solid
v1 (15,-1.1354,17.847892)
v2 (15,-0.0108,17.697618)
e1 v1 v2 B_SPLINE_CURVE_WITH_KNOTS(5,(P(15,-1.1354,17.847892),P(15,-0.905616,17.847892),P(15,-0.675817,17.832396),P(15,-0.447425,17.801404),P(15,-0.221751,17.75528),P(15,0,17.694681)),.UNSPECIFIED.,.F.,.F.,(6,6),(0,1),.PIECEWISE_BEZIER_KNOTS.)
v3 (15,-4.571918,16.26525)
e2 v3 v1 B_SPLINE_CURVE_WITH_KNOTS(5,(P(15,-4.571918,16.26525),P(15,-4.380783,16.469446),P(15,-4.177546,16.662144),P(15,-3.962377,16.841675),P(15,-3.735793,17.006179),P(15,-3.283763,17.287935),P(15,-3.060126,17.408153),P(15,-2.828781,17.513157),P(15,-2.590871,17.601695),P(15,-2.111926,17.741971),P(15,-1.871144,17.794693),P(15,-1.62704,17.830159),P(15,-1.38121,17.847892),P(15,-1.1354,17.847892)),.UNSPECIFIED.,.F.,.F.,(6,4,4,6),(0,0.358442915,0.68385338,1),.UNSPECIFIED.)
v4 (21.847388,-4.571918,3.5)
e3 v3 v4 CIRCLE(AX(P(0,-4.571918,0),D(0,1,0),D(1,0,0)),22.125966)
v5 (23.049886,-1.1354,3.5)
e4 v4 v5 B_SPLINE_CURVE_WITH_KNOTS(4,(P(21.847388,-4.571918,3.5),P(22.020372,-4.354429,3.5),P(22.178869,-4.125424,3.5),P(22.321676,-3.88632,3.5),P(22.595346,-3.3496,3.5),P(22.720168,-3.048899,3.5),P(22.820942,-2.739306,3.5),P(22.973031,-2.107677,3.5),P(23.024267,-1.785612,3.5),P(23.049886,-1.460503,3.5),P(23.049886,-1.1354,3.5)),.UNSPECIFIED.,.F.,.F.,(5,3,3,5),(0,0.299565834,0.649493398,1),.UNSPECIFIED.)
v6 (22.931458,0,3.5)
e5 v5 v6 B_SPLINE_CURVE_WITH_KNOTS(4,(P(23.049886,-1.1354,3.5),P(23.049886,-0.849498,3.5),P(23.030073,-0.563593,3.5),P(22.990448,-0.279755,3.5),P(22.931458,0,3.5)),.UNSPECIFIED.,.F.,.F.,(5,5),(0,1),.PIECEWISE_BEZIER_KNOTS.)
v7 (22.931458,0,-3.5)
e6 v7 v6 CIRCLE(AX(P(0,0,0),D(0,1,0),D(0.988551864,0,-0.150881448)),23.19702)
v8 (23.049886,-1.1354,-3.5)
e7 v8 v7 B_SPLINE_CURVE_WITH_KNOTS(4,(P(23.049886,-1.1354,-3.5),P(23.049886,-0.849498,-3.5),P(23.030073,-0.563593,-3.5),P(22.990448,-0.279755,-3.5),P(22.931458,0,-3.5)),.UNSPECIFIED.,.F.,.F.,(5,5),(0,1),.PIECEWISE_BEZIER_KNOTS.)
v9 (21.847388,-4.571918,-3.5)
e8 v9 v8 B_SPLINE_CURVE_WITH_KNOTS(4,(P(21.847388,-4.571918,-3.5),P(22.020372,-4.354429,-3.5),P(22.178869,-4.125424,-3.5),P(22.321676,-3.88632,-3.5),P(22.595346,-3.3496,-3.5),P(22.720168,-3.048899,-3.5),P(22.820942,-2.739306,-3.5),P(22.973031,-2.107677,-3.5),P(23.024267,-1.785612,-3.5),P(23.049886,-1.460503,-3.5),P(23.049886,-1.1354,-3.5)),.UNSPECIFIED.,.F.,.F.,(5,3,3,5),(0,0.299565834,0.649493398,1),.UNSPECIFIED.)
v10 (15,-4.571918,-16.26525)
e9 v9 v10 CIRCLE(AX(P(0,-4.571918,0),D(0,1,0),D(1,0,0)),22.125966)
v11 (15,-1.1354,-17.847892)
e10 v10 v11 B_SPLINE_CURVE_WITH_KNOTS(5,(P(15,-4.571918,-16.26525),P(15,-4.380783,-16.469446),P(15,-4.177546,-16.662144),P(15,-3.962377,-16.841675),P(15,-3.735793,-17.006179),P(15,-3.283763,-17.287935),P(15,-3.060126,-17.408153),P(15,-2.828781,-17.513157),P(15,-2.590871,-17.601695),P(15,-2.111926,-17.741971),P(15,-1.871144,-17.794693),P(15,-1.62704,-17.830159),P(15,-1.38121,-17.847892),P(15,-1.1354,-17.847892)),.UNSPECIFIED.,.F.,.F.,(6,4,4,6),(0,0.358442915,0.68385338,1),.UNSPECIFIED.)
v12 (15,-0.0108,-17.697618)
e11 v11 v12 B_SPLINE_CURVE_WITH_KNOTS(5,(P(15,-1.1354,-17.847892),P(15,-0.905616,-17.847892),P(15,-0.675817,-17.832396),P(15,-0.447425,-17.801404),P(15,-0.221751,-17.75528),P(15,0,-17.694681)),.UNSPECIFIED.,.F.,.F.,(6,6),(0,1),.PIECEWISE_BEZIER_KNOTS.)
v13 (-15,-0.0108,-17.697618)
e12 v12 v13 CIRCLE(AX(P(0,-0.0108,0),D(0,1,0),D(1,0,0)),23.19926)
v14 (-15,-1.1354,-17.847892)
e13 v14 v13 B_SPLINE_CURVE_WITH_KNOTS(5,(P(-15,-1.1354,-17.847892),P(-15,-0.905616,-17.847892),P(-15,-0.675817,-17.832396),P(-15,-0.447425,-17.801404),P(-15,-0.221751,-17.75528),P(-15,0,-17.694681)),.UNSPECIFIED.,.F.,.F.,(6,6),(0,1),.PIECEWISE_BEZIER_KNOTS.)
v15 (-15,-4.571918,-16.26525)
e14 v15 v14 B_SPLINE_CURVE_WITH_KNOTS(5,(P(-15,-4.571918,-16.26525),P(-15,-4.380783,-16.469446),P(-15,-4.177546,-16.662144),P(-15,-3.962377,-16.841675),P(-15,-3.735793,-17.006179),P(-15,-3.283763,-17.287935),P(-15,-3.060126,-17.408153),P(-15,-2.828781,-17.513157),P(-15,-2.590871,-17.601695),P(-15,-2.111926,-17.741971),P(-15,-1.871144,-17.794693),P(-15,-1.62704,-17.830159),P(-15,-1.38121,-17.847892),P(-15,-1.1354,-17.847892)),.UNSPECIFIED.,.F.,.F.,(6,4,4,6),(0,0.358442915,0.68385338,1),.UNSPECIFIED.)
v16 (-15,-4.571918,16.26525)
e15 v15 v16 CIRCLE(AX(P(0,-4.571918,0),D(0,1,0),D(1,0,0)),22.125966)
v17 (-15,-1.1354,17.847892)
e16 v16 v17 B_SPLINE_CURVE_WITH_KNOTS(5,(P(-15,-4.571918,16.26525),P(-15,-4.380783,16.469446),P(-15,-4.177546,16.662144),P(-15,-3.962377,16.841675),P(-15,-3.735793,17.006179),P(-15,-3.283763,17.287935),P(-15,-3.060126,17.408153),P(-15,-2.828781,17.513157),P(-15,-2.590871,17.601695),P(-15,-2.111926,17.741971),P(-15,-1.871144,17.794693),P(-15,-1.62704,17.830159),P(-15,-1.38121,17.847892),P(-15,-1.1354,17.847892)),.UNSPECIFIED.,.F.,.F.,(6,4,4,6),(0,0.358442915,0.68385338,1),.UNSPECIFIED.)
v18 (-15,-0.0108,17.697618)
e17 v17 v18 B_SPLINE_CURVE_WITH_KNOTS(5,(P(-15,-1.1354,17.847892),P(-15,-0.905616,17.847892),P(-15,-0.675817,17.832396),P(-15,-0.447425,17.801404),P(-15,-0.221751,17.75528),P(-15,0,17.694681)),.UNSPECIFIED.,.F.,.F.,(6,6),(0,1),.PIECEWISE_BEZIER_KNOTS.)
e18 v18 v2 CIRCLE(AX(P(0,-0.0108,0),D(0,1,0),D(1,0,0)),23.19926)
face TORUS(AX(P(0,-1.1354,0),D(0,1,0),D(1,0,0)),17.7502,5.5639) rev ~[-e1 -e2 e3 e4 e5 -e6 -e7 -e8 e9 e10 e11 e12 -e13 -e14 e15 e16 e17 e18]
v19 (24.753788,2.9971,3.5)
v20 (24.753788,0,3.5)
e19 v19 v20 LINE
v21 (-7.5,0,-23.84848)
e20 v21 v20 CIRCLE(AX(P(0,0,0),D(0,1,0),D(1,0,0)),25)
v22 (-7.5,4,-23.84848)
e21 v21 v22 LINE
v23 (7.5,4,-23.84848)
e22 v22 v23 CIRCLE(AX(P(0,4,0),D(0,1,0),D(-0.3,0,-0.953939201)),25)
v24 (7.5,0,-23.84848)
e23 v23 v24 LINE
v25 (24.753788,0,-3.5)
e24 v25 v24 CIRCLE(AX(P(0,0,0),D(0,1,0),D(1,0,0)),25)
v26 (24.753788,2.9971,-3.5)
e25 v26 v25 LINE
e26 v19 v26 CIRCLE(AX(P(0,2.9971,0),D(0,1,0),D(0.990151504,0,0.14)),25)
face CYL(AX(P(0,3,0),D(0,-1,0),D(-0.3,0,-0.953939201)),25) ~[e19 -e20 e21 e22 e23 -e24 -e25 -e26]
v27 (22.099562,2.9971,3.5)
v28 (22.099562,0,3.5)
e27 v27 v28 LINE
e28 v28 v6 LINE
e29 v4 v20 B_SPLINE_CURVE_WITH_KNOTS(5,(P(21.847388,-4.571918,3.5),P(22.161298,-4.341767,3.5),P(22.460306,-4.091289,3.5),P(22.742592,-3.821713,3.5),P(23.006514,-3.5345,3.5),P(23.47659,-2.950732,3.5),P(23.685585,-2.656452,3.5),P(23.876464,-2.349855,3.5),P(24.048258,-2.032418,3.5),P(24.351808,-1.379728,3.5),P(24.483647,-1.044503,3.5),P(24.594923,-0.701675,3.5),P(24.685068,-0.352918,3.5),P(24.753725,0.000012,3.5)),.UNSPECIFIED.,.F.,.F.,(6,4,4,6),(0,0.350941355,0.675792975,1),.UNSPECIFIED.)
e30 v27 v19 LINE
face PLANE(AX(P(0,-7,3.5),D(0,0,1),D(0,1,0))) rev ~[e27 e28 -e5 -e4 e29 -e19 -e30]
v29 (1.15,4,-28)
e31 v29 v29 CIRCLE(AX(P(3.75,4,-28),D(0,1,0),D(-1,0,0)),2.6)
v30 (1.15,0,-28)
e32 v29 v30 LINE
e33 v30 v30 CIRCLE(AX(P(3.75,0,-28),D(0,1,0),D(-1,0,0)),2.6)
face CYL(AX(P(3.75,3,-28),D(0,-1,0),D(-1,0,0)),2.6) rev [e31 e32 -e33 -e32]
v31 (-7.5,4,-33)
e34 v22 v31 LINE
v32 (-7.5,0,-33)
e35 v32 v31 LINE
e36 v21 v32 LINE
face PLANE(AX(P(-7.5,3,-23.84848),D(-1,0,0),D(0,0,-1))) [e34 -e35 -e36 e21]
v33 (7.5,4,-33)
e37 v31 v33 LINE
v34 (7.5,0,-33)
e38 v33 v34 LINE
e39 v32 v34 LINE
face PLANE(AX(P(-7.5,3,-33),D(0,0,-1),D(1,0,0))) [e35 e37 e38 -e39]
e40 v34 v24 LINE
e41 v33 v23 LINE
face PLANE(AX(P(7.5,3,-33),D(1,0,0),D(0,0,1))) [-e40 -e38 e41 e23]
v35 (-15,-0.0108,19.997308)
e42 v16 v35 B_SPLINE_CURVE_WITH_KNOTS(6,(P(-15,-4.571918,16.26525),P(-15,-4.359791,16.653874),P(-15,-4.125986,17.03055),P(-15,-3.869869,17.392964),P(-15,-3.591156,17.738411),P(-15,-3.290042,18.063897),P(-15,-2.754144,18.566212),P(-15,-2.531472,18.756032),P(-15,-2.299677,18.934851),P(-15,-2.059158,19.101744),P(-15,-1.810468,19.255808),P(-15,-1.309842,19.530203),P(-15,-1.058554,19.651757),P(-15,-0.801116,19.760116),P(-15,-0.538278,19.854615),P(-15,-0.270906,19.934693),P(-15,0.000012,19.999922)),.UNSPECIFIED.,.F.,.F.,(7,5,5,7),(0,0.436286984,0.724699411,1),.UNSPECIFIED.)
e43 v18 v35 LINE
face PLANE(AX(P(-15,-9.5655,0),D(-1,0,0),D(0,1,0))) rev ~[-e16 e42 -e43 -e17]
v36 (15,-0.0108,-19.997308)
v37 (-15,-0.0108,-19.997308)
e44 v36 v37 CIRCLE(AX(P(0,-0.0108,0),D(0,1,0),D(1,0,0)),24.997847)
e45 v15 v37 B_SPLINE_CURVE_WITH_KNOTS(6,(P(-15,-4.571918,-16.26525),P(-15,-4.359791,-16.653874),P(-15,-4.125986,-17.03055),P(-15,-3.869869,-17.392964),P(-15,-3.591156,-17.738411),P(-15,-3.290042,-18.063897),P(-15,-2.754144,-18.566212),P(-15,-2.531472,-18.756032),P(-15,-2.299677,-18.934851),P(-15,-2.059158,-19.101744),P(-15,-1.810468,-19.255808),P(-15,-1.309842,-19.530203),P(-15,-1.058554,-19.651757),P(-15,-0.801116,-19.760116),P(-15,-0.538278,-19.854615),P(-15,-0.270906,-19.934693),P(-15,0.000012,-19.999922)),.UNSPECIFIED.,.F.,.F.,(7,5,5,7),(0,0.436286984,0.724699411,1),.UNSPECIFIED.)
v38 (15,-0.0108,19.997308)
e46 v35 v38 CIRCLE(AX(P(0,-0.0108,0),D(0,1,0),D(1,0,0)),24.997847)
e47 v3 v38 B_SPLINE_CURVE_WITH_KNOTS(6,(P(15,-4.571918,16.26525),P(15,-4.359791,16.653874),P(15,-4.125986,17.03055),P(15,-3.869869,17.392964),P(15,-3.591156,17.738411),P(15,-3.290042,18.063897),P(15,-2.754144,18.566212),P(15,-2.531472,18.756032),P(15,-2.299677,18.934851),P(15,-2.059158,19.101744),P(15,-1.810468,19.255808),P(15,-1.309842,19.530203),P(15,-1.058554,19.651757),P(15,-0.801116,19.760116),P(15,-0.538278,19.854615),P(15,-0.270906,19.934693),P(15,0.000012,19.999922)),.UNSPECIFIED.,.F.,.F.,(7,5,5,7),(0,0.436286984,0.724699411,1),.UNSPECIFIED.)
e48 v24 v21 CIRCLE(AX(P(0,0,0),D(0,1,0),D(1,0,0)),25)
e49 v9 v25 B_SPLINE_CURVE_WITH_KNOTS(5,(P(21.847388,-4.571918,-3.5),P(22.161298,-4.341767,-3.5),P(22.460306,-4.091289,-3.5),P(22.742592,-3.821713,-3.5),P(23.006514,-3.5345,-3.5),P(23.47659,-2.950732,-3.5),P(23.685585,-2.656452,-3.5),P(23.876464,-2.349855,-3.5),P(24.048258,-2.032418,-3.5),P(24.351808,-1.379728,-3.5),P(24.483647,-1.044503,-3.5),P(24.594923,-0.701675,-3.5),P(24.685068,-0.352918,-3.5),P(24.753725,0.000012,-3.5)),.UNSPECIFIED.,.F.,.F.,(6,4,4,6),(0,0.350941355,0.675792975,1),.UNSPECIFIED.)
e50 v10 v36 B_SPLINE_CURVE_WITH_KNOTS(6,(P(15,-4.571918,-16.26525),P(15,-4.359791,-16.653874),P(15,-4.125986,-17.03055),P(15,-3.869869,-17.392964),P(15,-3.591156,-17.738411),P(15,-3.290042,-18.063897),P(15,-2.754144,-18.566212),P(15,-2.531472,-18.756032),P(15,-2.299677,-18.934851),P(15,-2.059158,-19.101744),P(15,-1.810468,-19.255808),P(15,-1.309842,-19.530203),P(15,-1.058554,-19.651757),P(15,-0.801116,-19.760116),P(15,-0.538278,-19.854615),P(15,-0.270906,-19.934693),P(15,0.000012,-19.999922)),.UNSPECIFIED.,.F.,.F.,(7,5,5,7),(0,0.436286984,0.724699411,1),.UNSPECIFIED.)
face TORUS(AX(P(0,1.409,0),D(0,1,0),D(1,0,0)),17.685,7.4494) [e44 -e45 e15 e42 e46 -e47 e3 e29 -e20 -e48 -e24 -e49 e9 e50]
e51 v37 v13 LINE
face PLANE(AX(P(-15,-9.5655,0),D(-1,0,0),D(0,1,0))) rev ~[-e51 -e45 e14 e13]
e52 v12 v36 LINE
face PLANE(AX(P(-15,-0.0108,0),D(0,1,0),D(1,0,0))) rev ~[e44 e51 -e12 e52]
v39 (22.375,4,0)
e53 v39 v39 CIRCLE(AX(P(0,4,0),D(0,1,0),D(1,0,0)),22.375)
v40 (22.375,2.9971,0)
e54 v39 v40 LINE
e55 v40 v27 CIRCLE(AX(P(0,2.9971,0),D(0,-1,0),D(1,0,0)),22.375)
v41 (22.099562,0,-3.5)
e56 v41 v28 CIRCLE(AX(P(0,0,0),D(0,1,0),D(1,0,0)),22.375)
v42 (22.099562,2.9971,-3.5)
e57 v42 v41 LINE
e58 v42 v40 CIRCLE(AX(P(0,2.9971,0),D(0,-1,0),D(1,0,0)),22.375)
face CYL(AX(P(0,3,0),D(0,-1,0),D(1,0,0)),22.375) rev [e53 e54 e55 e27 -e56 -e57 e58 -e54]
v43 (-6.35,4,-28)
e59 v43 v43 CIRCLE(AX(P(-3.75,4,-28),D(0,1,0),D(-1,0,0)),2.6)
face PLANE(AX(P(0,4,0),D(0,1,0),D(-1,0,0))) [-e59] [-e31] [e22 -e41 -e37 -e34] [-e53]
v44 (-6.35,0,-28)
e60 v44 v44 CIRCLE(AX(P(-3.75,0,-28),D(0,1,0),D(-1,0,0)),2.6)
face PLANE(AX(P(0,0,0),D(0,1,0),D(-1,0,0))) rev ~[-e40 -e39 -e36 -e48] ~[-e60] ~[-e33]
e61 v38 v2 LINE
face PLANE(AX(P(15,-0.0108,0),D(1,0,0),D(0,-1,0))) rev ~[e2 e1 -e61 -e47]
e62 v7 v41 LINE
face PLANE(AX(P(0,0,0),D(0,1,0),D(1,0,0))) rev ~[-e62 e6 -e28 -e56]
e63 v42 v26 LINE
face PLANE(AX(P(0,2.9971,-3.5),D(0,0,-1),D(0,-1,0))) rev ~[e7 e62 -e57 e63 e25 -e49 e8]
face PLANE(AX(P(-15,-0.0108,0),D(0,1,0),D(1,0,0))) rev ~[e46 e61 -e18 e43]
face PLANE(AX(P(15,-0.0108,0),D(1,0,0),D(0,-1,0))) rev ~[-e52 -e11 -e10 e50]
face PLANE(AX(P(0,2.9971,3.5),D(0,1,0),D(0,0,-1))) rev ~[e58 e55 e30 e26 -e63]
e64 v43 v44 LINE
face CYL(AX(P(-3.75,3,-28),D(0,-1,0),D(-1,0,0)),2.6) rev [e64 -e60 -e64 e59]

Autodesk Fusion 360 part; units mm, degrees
sketch "Sketch1" plane through (0, 0, 0) normal (0, 1, 0) x (1, 0, 0)
  circle A0 centre (0, 0) radius 22.375
  circle A1 centre (0, 0) radius 25
  dimension "d1" = 44.75
  dimension "d2" = 50
sketch "Sketch2" plane through (0, 0, 0) normal (0, 0, 1) x (1, 0, 0)
extrude "Extrude1" add sketch "Sketch1" along normal blind 3
sketch "Sketch3" plane through (0, 0, 0) normal (0, 0, 1) x (1, 0, 0)
  line L0 (18, 0) -> (18, -6)
  line L1 (25, 0) -> (25, -6)
  line L2 (18, -6) -> (25, -6)
  line L3 (18, 0) -> (25, 0)
  line L4 (18, -6) -> (25, -6)
  circle A0 centre (17.7502, -1.1354) radius 5.5639
  circle A1 centre (17.685, 1.409) radius 7.4494
  dimension "d9" = 18
  dimension "d10" = 25
  dimension "d11" = 6
  dimension "d12" = 6
sketch "Sketch4" plane through (0, 0, 0) normal (0, 0, 1) x (1, 0, 0)
sketch "Sketch5" plane through (0, 0, 0) normal (0, 0, 1) x (1, 0, 0)
  line L0 (-15, -0.0108) -> (15, -0.0108)
  line L1 (15, -0.0108) -> (15, -9.5655)
  line L2 (15, -9.5655) -> (-15, -9.5655)
  line L3 (-15, -9.5655) -> (-15, -0.0108)
  dimension "d14" = 30
  dimension "d15" = 15
sketch "Sketch6" plane through (0, 3, 0) normal (0, 1, 0) x (-1, 0, 0)
  circle A0 centre (0, 0) radius 22.375
  circle A1 centre (0, 0) radius 25
sketch "Sketch7" plane through (0, 0, 0) normal (1, 0, 0) x (0, 0, -1)
  line L0 (-3.5, 2.9971) -> (3.5, 2.9971)
  line L1 (3.5, 2.9971) -> (3.5, -7)
  line L2 (3.5, -7) -> (-3.5, -7)
  line L3 (-3.5, -7) -> (-3.5, 2.9971)
  point P0 (0, 1.409)
  dimension "d20" = 7
  dimension "d26" = 3.5
sketch "Sketch8" plane through (0, 0, 0) normal (0, 0, 1) x (1, 0, 0)
sketch "Sketch9" plane through (0, 3, 0) normal (0, 1, 0) x (-1, 0, 0)
extrude "Extrude4" cut sketch "Sketch7" along normal blind 25
extrude "Extrude5" cut sketch "Sketch5" along normal blind 32 and the other way blind 36
sketch "Sketch10" plane through (0, 3, 0) normal (0, 1, 0) x (-1, 0, 0)
  line L0 (7.5, -33) -> (-7.5, -33)
  line L1 (-7.5, -33) -> (-7.5, -23)
  line L2 (-7.5, -23) -> (7.5, -23)
  line L3 (7.5, -23) -> (7.5, -33)
  circle A0 centre (3.75, -28) radius 2.6
  circle A1 centre (-3.75, -28) radius 2.6
  dimension "d33" = 15
  dimension "d34" = 7.5
  dimension "d35" = 5.2
  dimension "d36" = 5.2
  dimension "d37" = 10
  dimension "d38" = 23
  dimension "d39" = 3.75
  dimension "d40" = 3.75
revolve "Revolve4" add sketch "Sketch3" angle 360 about axis through (0, 1.75, 0) along (0, 1, 0) contours L3 A0 A1 picked at (24.3244, -0.4805)
extrude "Extrude9" cut sketch "Sketch5" along normal blind 42 and the other way blind 47
extrude "Extrude10" cut sketch "Sketch7" along normal blind 53
sketch "Sketch11" plane through (0, 0, 0) normal (0, 0, 1) x (1, 0, 0)
sketch "Sketch12" plane through (0, 0, 0) normal (0, 1, 0) x (1, 0, 0)
extrude "Extrude11" add sketch "Sketch10" against normal blind 3
extrude "Extrude12" add 1 faces at (1.0571, 3, -32.1783) along direction (0, 1, 0) blind 1
sketch "Sketch13" plane through (0, 0, 0) normal (0, 0, 1) x (1, 0, 0)
sketch "Sketch14" plane through (0, 0, 0) normal (1, 0, 0) x (0, 0, -1)
sketch "Sketch15" plane through (7.5, 0, 0) normal (1, 0, 0) x (0, 0, -1)
  line L0 (23.8485, 4) -> (23.8485, 0)
  line L1 (23.8485, 0) -> (33, 0)
  line L2 (33, 0) -> (33, 4)
  line L3 (33, 4) -> (23.8485, 4)
sketch "Sketch16" plane through (0, 0, 0) normal (1, 0, 0) x (0, 0, -1)
equation "d10 = ( 50 / 2 ) * 1 mm"
equation "d39 = ( 7.5 / 2 ) * 1 mm"
